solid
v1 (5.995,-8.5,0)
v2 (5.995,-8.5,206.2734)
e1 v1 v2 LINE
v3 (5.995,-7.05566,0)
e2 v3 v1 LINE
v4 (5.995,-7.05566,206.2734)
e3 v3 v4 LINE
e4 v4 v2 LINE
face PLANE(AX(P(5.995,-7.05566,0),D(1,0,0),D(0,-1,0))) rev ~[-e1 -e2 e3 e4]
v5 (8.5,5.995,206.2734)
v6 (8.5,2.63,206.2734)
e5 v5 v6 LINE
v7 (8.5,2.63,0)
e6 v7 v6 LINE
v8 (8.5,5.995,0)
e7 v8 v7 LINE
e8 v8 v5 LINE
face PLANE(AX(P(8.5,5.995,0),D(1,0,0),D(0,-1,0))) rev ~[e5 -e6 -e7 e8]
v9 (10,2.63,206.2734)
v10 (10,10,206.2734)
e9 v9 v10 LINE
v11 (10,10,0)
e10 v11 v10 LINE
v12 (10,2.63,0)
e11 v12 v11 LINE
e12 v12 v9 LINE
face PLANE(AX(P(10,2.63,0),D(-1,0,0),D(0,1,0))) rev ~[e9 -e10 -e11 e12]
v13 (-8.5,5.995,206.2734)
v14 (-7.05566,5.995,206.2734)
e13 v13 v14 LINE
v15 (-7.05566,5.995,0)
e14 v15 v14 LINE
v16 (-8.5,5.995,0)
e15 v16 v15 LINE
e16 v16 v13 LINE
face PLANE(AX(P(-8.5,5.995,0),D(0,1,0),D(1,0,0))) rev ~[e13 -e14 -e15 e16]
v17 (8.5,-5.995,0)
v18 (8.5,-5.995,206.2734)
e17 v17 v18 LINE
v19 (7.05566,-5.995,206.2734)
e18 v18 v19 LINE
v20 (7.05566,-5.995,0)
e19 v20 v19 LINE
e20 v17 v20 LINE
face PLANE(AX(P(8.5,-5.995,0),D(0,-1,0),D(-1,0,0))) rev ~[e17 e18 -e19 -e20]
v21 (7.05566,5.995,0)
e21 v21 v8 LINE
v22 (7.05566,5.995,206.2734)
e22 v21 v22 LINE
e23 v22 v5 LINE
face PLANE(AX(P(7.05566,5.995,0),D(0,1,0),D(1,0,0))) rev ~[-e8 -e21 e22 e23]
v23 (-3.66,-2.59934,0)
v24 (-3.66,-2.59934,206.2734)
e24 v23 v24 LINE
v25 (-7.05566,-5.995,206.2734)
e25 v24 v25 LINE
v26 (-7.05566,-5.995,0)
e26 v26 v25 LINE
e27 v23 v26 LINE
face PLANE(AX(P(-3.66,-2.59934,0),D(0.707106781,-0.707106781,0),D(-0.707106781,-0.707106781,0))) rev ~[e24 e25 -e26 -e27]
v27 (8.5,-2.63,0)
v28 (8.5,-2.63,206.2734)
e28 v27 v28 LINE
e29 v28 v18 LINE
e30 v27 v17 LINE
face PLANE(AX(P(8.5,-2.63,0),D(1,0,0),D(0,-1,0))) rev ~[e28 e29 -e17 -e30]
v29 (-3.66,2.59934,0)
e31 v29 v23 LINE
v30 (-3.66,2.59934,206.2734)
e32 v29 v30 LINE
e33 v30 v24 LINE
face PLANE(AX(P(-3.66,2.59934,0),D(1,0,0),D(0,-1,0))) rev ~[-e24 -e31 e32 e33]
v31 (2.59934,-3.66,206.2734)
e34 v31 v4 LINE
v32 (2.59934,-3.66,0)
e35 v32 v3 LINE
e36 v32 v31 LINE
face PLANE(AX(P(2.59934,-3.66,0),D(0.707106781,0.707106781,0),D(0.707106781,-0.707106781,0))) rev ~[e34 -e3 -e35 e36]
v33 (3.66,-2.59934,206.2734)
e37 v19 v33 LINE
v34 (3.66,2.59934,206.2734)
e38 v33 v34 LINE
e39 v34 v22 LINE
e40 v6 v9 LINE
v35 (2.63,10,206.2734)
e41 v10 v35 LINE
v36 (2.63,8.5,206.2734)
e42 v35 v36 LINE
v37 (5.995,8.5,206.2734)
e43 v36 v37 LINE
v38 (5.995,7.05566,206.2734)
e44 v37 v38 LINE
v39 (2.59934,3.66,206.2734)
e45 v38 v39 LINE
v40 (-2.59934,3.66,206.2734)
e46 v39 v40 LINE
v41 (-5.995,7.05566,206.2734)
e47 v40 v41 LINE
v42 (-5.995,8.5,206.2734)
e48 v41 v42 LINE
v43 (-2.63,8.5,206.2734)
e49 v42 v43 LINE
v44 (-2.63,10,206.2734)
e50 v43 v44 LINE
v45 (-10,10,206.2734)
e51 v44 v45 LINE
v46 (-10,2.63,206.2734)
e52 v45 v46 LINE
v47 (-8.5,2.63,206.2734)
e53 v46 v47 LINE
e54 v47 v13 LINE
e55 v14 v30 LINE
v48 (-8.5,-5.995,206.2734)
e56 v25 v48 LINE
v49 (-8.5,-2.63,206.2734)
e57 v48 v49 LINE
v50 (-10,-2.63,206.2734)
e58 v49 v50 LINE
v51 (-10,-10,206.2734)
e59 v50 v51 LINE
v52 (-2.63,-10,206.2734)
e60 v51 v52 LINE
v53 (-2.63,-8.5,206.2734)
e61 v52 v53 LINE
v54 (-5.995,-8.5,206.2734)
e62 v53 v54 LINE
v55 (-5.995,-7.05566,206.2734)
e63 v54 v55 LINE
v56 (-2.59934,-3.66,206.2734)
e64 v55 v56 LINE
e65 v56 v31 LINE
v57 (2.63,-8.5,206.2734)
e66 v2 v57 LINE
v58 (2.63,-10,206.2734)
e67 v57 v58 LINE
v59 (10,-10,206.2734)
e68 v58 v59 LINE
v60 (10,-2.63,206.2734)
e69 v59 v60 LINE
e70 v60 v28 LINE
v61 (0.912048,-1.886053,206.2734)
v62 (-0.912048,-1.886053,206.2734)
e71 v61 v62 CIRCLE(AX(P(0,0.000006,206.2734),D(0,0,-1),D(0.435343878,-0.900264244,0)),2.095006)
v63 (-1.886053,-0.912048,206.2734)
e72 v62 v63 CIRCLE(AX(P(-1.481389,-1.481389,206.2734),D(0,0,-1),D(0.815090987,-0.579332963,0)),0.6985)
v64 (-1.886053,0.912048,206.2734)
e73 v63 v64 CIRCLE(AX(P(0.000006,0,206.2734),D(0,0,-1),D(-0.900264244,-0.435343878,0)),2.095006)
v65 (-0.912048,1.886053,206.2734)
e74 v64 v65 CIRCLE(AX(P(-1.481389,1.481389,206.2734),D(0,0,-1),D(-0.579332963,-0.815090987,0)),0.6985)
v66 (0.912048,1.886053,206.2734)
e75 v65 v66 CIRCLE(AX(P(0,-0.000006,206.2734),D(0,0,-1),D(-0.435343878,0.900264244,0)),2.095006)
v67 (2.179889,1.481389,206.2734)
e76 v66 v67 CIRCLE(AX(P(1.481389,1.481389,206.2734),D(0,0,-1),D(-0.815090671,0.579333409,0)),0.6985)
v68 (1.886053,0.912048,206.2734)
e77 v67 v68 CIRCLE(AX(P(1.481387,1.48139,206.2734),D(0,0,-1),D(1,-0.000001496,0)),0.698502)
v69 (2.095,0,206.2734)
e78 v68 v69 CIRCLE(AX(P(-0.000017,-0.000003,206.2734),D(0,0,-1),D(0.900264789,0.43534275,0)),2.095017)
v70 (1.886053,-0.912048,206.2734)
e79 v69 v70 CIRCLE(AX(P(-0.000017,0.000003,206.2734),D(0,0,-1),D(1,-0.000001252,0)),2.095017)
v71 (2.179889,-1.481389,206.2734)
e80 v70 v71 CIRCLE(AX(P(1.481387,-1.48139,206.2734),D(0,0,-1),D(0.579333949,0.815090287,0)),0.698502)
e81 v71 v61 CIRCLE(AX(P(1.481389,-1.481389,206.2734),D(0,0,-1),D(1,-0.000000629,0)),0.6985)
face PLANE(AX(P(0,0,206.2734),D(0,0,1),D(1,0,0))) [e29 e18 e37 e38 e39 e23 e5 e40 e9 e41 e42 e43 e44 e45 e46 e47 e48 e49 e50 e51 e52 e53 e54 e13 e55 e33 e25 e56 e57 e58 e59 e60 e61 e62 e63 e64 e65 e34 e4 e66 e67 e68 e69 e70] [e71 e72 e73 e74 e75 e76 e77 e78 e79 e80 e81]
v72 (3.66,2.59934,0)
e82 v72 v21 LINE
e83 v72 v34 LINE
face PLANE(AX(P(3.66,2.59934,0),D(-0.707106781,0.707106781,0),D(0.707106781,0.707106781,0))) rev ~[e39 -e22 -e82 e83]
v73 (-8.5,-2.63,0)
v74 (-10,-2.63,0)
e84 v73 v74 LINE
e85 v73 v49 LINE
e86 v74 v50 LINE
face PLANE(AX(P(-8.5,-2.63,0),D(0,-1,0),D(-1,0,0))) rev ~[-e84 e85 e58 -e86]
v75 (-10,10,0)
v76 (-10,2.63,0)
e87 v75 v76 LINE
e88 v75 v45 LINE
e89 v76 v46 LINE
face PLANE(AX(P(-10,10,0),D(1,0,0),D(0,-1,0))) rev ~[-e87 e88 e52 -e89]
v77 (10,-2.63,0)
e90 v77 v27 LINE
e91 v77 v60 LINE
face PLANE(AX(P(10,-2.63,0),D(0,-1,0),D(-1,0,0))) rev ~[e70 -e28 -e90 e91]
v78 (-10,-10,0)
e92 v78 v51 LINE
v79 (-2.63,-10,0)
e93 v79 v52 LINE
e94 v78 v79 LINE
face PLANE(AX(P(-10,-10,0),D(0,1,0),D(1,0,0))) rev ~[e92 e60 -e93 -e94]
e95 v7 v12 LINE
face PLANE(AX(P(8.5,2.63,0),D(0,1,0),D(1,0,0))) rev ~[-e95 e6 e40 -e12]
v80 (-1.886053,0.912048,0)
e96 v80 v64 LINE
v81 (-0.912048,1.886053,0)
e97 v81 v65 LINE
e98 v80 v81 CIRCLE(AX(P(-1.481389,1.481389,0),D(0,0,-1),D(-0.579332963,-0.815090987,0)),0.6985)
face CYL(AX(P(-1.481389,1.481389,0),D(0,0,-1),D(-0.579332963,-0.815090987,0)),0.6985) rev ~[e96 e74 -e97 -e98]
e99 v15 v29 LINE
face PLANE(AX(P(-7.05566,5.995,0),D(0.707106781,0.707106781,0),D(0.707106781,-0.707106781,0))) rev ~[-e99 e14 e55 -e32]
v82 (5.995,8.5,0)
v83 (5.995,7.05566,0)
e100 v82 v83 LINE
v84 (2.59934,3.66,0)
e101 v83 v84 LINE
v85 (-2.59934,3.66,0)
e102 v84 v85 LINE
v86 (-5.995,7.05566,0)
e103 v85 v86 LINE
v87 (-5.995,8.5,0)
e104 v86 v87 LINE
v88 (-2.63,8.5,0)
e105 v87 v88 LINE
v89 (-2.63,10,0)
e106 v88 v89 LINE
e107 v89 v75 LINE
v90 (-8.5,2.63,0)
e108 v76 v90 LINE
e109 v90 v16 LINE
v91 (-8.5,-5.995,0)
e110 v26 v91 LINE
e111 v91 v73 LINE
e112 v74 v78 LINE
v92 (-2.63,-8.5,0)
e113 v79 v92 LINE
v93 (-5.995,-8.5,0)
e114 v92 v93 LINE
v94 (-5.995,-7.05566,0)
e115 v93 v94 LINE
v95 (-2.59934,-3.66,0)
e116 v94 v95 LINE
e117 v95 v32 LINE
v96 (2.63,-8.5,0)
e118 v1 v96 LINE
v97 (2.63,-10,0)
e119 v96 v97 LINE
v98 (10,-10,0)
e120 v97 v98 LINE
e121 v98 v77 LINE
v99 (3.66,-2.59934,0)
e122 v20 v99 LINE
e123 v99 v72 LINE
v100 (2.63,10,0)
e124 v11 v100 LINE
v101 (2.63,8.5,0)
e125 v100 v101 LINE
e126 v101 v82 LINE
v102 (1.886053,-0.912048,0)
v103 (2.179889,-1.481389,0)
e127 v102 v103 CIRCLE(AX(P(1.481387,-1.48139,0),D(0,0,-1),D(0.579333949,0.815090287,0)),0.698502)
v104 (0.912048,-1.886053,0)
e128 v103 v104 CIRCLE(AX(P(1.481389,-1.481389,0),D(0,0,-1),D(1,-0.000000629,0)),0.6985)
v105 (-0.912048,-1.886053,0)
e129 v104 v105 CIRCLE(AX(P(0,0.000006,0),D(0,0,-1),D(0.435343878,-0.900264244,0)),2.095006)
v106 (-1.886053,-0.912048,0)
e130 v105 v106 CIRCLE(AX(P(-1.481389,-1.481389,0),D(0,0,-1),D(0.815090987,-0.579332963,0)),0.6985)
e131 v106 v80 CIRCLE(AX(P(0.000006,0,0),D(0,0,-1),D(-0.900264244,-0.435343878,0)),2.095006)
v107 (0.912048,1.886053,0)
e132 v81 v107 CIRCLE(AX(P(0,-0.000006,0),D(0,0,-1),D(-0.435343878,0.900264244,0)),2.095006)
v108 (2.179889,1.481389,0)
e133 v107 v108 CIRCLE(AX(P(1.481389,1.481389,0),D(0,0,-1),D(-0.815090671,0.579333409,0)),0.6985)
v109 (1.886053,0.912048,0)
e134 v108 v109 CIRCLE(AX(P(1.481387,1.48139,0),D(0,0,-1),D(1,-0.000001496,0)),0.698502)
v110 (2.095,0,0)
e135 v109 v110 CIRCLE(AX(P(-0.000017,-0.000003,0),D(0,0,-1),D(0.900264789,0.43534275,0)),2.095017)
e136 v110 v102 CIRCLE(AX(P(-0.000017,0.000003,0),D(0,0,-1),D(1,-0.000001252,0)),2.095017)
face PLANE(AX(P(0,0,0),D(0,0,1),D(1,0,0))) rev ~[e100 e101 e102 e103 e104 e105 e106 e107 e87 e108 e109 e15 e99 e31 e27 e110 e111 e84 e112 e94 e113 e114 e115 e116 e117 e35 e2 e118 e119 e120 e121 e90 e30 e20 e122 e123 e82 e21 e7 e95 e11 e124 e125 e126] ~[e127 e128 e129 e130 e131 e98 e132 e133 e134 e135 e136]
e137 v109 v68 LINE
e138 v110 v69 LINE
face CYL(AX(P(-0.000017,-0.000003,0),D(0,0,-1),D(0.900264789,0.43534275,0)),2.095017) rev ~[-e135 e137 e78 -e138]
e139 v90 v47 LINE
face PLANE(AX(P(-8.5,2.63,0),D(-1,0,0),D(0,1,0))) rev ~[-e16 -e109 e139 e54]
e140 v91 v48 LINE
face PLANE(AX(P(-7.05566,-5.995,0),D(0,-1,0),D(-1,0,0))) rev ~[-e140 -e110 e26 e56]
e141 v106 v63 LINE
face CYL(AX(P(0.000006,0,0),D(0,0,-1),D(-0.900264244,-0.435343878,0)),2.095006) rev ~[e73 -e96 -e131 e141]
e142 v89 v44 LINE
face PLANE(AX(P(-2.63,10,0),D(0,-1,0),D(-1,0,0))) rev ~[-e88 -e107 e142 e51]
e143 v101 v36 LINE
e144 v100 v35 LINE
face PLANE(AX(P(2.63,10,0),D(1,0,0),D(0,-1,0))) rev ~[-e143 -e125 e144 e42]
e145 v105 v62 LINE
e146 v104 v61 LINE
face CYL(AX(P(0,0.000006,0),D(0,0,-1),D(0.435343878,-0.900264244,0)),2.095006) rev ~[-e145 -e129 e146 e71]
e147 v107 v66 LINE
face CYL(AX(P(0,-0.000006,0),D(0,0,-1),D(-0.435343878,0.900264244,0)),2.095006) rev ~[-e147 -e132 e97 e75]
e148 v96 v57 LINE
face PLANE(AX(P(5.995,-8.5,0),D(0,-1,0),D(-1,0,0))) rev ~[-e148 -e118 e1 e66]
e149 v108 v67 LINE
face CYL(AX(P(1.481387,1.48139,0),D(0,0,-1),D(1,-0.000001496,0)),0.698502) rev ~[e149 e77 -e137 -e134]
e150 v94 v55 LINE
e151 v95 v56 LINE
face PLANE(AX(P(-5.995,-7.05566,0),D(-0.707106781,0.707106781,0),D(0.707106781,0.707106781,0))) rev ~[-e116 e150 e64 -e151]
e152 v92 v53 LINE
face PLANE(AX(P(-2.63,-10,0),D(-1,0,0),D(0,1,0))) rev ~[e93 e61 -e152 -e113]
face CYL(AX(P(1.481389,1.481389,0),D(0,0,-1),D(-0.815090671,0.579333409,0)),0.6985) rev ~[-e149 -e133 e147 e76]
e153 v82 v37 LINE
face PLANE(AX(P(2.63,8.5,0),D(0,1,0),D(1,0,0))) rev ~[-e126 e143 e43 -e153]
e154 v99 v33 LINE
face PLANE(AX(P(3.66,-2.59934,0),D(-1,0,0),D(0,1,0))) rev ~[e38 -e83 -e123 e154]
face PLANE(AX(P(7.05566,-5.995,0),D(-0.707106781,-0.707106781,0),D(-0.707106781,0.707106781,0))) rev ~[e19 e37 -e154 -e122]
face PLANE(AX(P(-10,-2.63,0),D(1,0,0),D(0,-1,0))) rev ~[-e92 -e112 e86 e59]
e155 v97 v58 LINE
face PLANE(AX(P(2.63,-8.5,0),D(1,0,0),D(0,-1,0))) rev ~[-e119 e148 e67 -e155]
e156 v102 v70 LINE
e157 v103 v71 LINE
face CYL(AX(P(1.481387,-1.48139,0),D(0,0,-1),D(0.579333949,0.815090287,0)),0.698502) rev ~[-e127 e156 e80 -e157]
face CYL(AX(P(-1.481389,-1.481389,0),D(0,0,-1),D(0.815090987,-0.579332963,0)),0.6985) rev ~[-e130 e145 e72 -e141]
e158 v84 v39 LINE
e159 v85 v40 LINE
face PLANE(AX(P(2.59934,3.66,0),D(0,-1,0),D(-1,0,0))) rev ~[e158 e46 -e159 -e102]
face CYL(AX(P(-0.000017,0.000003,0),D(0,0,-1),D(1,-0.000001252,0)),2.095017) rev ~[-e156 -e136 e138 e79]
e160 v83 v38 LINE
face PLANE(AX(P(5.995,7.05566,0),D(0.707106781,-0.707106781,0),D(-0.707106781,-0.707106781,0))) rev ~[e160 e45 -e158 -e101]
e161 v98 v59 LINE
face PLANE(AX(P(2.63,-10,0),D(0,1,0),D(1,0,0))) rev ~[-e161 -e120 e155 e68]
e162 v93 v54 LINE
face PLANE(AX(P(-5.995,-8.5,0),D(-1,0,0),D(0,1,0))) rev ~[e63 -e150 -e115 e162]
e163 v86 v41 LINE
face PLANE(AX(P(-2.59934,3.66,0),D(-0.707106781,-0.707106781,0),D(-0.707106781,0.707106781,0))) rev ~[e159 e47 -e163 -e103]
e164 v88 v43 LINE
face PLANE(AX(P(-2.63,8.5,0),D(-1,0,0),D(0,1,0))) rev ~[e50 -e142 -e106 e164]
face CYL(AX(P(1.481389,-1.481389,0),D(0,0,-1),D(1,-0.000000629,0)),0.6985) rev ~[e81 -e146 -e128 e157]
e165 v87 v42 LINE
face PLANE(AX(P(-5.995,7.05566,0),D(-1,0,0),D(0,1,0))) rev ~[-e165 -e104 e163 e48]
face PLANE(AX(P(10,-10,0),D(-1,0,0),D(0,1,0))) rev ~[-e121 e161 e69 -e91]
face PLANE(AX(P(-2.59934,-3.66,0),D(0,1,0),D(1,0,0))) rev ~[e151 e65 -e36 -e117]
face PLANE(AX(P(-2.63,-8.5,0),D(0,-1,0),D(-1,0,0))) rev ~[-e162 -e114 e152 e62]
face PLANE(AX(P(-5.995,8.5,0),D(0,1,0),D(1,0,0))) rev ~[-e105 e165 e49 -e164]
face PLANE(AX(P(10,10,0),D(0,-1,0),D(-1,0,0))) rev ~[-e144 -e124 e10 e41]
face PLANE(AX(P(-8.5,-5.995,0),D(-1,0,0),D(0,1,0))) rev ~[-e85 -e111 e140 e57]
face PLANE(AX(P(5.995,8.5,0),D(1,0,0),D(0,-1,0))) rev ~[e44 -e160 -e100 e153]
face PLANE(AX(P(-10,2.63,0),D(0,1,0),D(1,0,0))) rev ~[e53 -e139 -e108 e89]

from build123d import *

# Parameters (mm, degrees)
F1_DEPTH = 206.2734


with BuildPart() as f1:
    # F0 (on Top) → F1 (new body)
    with BuildSketch(Plane.XY):
        Polygon((10, 2.63), (10, 10), (2.63, 10), (2.63, 8.5), (5.995, 8.5), (5.995, 7.05566), (2.59934, 3.66), (-2.59934, 3.66), (-5.995, 7.05566), (-5.995, 8.5), (-2.63, 8.5), (-2.63, 10), (-10, 10), (-10, 2.63), (-8.5, 2.63), (-8.5, 5.995), (-7.05566, 5.995), (-3.66, 2.59934), (-3.66, -2.59934), (-7.05566, -5.995), (-8.5, -5.995), (-8.5, -2.63), (-10, -2.63), (-10, -10), (-2.63, -10), (-2.63, -8.5), (-5.995, -8.5), (-5.995, -7.05566), (-2.59934, -3.66), (2.59934, -3.66), (5.995, -7.05566), (5.995, -8.5), (2.63, -8.5), (2.63, -10), (10, -10), (10, -2.63), (8.5, -2.63), (8.5, -5.995), (7.05566, -5.995), (3.66, -2.59934), (3.66, 2.59934), (7.05566, 5.995), (8.5, 5.995), (8.5, 2.63), align=None)
        with BuildLine():
            ThreePointArc((1.886053, 0.912048), (2.042095, 0.467838), (2.095, 0))
            ThreePointArc((2.095, 0), (2.042095, -0.467838), (1.886053, -0.912048))
            ThreePointArc((1.886053, -0.912048), (2.102098, -1.161042), (2.179889, -1.481389))
            ThreePointArc((2.179889, -1.481389), (1.693777, -2.146816), (0.912048, -1.886053))
            ThreePointArc((0.912048, -1.886053), (0, -2.095), (-0.912048, -1.886053))
            ThreePointArc((-0.912048, -1.886053), (-1.975303, -1.975303), (-1.886053, -0.912048))
            ThreePointArc((-1.886053, -0.912048), (-2.095, 0), (-1.886053, 0.912048))
            ThreePointArc((-1.886053, 0.912048), (-1.975303, 1.975303), (-0.912048, 1.886053))
            ThreePointArc((-0.912048, 1.886053), (0, 2.095), (0.912048, 1.886053))
            ThreePointArc((0.912048, 1.886053), (1.693777, 2.146816), (2.179889, 1.481389))
            ThreePointArc((2.179889, 1.481389), (2.102098, 1.161042), (1.886053, 0.912048))
        make_face(mode=Mode.SUBTRACT)
    extrude(amount=F1_DEPTH)


solid = f1.part
